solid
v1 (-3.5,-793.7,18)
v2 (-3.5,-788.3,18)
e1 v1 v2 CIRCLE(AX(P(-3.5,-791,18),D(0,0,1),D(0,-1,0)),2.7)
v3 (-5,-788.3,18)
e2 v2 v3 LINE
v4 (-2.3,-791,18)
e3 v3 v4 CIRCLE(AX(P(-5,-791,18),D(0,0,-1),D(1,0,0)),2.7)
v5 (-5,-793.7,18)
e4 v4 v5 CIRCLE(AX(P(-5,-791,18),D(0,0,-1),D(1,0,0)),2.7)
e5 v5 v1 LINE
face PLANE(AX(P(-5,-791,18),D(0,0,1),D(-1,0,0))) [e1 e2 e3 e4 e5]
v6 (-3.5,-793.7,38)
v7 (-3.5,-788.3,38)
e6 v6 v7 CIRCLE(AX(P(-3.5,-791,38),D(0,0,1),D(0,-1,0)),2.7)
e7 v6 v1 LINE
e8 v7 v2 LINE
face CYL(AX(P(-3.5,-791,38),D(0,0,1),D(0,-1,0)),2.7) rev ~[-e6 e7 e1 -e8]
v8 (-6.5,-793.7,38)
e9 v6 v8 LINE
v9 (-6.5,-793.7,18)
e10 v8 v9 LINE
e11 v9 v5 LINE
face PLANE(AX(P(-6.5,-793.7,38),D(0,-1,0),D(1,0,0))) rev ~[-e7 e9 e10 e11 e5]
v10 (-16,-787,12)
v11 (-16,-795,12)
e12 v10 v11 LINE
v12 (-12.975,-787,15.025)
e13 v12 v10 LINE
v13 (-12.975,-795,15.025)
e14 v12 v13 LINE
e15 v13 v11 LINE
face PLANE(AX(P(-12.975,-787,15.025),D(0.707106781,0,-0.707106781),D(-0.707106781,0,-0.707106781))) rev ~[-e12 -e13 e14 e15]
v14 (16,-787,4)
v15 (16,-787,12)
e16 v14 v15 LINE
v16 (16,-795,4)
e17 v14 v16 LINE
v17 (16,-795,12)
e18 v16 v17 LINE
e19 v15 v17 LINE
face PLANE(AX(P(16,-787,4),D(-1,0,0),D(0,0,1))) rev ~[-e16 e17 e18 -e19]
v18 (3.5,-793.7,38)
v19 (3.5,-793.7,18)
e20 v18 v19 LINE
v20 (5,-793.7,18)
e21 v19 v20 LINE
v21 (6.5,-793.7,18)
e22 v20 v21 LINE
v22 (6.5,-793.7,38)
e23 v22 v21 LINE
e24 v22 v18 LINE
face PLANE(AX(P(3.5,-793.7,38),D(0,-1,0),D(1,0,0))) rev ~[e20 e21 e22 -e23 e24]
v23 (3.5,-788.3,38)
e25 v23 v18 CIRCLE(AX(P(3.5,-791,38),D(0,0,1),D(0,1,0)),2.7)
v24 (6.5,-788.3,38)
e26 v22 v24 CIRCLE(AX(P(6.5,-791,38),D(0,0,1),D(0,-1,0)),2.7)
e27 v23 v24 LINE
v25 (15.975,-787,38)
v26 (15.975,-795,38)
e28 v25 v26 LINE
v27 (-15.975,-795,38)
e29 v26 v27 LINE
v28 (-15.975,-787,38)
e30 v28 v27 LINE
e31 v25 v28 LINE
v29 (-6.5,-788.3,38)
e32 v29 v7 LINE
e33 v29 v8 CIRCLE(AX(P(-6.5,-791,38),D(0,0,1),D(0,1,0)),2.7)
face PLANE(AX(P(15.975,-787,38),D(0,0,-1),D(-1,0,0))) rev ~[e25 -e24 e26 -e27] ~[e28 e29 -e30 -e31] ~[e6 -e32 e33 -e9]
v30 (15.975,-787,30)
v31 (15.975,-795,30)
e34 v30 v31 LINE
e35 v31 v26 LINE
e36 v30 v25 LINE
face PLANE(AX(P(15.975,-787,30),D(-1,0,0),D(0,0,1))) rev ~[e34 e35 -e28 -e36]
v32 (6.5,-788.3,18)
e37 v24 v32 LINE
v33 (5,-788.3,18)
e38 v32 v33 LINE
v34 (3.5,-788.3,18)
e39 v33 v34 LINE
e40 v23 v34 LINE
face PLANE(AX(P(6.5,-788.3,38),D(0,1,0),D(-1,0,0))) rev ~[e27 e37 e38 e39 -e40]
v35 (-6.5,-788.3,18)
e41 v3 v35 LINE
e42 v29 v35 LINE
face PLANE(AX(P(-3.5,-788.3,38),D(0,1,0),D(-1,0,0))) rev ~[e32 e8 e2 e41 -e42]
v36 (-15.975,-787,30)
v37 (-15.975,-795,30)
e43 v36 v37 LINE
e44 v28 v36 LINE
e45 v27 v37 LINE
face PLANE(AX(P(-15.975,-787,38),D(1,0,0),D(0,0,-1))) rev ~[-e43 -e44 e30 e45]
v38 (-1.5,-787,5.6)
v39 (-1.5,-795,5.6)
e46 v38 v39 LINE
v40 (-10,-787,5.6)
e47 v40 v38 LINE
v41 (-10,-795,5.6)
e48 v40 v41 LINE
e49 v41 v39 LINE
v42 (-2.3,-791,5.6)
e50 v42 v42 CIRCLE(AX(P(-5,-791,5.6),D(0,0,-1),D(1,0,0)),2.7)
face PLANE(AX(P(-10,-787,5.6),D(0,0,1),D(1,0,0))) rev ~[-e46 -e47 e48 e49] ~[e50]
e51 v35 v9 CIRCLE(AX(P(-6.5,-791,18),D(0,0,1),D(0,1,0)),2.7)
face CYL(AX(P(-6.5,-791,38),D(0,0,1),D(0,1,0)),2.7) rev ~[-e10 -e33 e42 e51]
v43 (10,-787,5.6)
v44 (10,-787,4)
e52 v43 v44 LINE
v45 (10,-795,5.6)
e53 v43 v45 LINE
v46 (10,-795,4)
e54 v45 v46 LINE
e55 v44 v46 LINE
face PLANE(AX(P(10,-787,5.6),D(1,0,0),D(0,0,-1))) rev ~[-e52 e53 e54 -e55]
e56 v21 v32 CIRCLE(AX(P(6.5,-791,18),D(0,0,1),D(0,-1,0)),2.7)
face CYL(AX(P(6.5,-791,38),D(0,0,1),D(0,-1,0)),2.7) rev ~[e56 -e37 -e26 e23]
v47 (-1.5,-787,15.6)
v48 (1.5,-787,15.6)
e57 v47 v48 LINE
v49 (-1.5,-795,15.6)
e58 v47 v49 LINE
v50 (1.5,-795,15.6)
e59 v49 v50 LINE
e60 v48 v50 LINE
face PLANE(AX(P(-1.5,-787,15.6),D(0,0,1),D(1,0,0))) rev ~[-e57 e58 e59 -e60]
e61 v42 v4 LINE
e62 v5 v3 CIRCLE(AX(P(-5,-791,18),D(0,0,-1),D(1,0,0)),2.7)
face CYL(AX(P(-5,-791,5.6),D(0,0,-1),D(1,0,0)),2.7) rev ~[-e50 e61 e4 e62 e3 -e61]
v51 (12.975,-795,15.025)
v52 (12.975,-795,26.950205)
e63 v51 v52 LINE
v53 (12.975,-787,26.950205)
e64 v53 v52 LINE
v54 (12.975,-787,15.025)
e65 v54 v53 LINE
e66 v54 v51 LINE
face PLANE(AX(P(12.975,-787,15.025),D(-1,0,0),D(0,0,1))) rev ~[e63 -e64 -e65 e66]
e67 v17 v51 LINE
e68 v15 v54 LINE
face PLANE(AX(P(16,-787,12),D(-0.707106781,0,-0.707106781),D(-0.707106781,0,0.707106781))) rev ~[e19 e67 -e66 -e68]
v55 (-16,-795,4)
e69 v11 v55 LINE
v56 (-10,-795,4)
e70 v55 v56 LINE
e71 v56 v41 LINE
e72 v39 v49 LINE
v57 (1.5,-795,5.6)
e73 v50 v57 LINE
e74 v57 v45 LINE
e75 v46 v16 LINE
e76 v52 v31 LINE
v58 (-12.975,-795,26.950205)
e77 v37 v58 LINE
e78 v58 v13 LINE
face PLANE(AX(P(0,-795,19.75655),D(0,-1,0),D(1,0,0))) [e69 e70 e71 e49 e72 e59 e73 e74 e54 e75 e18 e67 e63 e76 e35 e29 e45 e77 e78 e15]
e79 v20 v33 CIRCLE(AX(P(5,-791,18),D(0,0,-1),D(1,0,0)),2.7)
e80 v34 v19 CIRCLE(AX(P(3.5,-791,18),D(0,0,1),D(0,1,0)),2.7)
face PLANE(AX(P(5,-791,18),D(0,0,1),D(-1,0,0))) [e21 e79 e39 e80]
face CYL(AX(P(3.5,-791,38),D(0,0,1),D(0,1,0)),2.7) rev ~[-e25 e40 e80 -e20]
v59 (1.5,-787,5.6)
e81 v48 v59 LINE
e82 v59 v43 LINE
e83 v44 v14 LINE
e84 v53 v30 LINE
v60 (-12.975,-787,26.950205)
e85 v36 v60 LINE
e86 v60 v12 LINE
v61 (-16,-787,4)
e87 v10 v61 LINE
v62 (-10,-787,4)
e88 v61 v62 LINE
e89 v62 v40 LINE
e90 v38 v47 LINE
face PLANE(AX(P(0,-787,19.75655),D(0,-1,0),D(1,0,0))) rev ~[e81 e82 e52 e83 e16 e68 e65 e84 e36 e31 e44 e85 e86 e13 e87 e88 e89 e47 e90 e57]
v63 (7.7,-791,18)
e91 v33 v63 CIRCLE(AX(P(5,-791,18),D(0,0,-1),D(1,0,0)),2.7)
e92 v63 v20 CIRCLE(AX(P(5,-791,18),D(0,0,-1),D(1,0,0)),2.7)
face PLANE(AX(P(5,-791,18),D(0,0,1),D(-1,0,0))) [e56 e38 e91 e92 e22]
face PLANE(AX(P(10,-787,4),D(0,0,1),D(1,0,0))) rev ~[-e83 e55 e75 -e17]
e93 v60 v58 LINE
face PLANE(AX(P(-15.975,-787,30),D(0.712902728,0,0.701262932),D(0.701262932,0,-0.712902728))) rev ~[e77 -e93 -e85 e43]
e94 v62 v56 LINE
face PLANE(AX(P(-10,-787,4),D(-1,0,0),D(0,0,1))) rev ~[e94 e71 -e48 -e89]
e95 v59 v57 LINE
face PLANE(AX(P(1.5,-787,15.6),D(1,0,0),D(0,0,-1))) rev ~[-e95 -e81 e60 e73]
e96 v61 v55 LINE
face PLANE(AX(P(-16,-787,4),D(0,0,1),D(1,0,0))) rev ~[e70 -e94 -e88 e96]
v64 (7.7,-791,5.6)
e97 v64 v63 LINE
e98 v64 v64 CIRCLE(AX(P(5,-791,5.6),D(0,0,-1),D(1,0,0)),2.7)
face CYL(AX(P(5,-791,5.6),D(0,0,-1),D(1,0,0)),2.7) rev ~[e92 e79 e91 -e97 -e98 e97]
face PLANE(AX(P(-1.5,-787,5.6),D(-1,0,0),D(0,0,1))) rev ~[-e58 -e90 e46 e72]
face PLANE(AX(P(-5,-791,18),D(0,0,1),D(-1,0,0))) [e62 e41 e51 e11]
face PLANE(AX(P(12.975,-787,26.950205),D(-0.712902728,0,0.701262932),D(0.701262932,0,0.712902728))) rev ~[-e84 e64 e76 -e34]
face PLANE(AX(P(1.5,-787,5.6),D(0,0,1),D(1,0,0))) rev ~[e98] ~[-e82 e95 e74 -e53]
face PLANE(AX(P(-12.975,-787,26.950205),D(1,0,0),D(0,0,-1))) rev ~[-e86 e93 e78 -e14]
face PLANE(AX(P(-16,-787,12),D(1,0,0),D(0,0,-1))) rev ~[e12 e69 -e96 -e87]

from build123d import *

# Parameters (mm, degrees)
PAD016_DEPTH    = 8
SKETCH023_R     = 2.5
POCKET005_DEPTH = 2
SKETCH024_R     = 2.7
POCKET006_DEPTH = 32.401
POCKET007_DEPTH = 20


with BuildPart() as part:
    # Sketch022 → Pad016 (new body)
    with BuildSketch(Plane.XZ):
        Polygon((-16, 4), (-10, 4), (-10, 5.6), (-1.5, 5.6), (-1.5, 15.6), (1.5, 15.6), (1.5, 5.6), (10, 5.6), (10, 4), (16, 4), (16, 12), (12.975, 15.025), (12.975, 26.950205), (15.975, 30), (15.975, 38), (-15.975, 38), (-15.975, 30), (-12.975, 26.950205), (-12.975, 15.025), (-16, 12), align=None)
    extrude(amount=PAD016_DEPTH)

    # Sketch023 (on Face7 of Pad016) → Pocket005 (cut)
    with BuildSketch(Plane(origin=(0, 0, 5.6), x_dir=(1, 0, 0), z_dir=(0, 0, -1))):
        with Locations((-5, 4)):
            Circle(SKETCH023_R)
        with Locations((5, 4)):
            Circle(SKETCH023_R)
    extrude(amount=-POCKET005_DEPTH, mode=Mode.SUBTRACT)

    # Sketch024 (on Face11 of Pocket005) → Pocket006 (cut, through all)
    with BuildSketch(Plane(origin=(0, 0, 5.6), x_dir=(1, 0, 0), z_dir=(0, 0, -1))):
        with Locations((-5, 4)):
            Circle(SKETCH024_R)
        with Locations((5, 4)):
            Circle(SKETCH024_R)
    extrude(amount=-POCKET006_DEPTH, mode=Mode.SUBTRACT)

    # Sketch025 (on Face19 of Pocket006) → Pocket007 (cut)
    with BuildSketch(Plane(origin=(0, 0, 38), x_dir=(-1, 0, 0), z_dir=(0, 0, 1))):
        with BuildLine():
            ThreePointArc((-6.5, 6.7), (-9.2, 4), (-6.5, 1.3))
            Line((-6.5, 1.3), (-3.5, 1.3))
            ThreePointArc((-3.5, 1.3), (-0.8, 4), (-3.5, 6.7))
            Line((-3.5, 6.7), (-6.5, 6.7))
        make_face()
        with BuildLine():
            ThreePointArc((3.5, 6.7), (0.8, 4), (3.5, 1.3))
            Line((3.5, 1.3), (6.5, 1.3))
            ThreePointArc((6.5, 1.3), (9.2, 4), (6.5, 6.7))
            Line((6.5, 6.7), (3.5, 6.7))
        make_face()
    extrude(amount=-POCKET007_DEPTH, mode=Mode.SUBTRACT)


with BuildPart() as part_1:
    # Body010 placement: moved
    add(part.part.moved(Location((0, -787, 0))))


solid = part_1.part
